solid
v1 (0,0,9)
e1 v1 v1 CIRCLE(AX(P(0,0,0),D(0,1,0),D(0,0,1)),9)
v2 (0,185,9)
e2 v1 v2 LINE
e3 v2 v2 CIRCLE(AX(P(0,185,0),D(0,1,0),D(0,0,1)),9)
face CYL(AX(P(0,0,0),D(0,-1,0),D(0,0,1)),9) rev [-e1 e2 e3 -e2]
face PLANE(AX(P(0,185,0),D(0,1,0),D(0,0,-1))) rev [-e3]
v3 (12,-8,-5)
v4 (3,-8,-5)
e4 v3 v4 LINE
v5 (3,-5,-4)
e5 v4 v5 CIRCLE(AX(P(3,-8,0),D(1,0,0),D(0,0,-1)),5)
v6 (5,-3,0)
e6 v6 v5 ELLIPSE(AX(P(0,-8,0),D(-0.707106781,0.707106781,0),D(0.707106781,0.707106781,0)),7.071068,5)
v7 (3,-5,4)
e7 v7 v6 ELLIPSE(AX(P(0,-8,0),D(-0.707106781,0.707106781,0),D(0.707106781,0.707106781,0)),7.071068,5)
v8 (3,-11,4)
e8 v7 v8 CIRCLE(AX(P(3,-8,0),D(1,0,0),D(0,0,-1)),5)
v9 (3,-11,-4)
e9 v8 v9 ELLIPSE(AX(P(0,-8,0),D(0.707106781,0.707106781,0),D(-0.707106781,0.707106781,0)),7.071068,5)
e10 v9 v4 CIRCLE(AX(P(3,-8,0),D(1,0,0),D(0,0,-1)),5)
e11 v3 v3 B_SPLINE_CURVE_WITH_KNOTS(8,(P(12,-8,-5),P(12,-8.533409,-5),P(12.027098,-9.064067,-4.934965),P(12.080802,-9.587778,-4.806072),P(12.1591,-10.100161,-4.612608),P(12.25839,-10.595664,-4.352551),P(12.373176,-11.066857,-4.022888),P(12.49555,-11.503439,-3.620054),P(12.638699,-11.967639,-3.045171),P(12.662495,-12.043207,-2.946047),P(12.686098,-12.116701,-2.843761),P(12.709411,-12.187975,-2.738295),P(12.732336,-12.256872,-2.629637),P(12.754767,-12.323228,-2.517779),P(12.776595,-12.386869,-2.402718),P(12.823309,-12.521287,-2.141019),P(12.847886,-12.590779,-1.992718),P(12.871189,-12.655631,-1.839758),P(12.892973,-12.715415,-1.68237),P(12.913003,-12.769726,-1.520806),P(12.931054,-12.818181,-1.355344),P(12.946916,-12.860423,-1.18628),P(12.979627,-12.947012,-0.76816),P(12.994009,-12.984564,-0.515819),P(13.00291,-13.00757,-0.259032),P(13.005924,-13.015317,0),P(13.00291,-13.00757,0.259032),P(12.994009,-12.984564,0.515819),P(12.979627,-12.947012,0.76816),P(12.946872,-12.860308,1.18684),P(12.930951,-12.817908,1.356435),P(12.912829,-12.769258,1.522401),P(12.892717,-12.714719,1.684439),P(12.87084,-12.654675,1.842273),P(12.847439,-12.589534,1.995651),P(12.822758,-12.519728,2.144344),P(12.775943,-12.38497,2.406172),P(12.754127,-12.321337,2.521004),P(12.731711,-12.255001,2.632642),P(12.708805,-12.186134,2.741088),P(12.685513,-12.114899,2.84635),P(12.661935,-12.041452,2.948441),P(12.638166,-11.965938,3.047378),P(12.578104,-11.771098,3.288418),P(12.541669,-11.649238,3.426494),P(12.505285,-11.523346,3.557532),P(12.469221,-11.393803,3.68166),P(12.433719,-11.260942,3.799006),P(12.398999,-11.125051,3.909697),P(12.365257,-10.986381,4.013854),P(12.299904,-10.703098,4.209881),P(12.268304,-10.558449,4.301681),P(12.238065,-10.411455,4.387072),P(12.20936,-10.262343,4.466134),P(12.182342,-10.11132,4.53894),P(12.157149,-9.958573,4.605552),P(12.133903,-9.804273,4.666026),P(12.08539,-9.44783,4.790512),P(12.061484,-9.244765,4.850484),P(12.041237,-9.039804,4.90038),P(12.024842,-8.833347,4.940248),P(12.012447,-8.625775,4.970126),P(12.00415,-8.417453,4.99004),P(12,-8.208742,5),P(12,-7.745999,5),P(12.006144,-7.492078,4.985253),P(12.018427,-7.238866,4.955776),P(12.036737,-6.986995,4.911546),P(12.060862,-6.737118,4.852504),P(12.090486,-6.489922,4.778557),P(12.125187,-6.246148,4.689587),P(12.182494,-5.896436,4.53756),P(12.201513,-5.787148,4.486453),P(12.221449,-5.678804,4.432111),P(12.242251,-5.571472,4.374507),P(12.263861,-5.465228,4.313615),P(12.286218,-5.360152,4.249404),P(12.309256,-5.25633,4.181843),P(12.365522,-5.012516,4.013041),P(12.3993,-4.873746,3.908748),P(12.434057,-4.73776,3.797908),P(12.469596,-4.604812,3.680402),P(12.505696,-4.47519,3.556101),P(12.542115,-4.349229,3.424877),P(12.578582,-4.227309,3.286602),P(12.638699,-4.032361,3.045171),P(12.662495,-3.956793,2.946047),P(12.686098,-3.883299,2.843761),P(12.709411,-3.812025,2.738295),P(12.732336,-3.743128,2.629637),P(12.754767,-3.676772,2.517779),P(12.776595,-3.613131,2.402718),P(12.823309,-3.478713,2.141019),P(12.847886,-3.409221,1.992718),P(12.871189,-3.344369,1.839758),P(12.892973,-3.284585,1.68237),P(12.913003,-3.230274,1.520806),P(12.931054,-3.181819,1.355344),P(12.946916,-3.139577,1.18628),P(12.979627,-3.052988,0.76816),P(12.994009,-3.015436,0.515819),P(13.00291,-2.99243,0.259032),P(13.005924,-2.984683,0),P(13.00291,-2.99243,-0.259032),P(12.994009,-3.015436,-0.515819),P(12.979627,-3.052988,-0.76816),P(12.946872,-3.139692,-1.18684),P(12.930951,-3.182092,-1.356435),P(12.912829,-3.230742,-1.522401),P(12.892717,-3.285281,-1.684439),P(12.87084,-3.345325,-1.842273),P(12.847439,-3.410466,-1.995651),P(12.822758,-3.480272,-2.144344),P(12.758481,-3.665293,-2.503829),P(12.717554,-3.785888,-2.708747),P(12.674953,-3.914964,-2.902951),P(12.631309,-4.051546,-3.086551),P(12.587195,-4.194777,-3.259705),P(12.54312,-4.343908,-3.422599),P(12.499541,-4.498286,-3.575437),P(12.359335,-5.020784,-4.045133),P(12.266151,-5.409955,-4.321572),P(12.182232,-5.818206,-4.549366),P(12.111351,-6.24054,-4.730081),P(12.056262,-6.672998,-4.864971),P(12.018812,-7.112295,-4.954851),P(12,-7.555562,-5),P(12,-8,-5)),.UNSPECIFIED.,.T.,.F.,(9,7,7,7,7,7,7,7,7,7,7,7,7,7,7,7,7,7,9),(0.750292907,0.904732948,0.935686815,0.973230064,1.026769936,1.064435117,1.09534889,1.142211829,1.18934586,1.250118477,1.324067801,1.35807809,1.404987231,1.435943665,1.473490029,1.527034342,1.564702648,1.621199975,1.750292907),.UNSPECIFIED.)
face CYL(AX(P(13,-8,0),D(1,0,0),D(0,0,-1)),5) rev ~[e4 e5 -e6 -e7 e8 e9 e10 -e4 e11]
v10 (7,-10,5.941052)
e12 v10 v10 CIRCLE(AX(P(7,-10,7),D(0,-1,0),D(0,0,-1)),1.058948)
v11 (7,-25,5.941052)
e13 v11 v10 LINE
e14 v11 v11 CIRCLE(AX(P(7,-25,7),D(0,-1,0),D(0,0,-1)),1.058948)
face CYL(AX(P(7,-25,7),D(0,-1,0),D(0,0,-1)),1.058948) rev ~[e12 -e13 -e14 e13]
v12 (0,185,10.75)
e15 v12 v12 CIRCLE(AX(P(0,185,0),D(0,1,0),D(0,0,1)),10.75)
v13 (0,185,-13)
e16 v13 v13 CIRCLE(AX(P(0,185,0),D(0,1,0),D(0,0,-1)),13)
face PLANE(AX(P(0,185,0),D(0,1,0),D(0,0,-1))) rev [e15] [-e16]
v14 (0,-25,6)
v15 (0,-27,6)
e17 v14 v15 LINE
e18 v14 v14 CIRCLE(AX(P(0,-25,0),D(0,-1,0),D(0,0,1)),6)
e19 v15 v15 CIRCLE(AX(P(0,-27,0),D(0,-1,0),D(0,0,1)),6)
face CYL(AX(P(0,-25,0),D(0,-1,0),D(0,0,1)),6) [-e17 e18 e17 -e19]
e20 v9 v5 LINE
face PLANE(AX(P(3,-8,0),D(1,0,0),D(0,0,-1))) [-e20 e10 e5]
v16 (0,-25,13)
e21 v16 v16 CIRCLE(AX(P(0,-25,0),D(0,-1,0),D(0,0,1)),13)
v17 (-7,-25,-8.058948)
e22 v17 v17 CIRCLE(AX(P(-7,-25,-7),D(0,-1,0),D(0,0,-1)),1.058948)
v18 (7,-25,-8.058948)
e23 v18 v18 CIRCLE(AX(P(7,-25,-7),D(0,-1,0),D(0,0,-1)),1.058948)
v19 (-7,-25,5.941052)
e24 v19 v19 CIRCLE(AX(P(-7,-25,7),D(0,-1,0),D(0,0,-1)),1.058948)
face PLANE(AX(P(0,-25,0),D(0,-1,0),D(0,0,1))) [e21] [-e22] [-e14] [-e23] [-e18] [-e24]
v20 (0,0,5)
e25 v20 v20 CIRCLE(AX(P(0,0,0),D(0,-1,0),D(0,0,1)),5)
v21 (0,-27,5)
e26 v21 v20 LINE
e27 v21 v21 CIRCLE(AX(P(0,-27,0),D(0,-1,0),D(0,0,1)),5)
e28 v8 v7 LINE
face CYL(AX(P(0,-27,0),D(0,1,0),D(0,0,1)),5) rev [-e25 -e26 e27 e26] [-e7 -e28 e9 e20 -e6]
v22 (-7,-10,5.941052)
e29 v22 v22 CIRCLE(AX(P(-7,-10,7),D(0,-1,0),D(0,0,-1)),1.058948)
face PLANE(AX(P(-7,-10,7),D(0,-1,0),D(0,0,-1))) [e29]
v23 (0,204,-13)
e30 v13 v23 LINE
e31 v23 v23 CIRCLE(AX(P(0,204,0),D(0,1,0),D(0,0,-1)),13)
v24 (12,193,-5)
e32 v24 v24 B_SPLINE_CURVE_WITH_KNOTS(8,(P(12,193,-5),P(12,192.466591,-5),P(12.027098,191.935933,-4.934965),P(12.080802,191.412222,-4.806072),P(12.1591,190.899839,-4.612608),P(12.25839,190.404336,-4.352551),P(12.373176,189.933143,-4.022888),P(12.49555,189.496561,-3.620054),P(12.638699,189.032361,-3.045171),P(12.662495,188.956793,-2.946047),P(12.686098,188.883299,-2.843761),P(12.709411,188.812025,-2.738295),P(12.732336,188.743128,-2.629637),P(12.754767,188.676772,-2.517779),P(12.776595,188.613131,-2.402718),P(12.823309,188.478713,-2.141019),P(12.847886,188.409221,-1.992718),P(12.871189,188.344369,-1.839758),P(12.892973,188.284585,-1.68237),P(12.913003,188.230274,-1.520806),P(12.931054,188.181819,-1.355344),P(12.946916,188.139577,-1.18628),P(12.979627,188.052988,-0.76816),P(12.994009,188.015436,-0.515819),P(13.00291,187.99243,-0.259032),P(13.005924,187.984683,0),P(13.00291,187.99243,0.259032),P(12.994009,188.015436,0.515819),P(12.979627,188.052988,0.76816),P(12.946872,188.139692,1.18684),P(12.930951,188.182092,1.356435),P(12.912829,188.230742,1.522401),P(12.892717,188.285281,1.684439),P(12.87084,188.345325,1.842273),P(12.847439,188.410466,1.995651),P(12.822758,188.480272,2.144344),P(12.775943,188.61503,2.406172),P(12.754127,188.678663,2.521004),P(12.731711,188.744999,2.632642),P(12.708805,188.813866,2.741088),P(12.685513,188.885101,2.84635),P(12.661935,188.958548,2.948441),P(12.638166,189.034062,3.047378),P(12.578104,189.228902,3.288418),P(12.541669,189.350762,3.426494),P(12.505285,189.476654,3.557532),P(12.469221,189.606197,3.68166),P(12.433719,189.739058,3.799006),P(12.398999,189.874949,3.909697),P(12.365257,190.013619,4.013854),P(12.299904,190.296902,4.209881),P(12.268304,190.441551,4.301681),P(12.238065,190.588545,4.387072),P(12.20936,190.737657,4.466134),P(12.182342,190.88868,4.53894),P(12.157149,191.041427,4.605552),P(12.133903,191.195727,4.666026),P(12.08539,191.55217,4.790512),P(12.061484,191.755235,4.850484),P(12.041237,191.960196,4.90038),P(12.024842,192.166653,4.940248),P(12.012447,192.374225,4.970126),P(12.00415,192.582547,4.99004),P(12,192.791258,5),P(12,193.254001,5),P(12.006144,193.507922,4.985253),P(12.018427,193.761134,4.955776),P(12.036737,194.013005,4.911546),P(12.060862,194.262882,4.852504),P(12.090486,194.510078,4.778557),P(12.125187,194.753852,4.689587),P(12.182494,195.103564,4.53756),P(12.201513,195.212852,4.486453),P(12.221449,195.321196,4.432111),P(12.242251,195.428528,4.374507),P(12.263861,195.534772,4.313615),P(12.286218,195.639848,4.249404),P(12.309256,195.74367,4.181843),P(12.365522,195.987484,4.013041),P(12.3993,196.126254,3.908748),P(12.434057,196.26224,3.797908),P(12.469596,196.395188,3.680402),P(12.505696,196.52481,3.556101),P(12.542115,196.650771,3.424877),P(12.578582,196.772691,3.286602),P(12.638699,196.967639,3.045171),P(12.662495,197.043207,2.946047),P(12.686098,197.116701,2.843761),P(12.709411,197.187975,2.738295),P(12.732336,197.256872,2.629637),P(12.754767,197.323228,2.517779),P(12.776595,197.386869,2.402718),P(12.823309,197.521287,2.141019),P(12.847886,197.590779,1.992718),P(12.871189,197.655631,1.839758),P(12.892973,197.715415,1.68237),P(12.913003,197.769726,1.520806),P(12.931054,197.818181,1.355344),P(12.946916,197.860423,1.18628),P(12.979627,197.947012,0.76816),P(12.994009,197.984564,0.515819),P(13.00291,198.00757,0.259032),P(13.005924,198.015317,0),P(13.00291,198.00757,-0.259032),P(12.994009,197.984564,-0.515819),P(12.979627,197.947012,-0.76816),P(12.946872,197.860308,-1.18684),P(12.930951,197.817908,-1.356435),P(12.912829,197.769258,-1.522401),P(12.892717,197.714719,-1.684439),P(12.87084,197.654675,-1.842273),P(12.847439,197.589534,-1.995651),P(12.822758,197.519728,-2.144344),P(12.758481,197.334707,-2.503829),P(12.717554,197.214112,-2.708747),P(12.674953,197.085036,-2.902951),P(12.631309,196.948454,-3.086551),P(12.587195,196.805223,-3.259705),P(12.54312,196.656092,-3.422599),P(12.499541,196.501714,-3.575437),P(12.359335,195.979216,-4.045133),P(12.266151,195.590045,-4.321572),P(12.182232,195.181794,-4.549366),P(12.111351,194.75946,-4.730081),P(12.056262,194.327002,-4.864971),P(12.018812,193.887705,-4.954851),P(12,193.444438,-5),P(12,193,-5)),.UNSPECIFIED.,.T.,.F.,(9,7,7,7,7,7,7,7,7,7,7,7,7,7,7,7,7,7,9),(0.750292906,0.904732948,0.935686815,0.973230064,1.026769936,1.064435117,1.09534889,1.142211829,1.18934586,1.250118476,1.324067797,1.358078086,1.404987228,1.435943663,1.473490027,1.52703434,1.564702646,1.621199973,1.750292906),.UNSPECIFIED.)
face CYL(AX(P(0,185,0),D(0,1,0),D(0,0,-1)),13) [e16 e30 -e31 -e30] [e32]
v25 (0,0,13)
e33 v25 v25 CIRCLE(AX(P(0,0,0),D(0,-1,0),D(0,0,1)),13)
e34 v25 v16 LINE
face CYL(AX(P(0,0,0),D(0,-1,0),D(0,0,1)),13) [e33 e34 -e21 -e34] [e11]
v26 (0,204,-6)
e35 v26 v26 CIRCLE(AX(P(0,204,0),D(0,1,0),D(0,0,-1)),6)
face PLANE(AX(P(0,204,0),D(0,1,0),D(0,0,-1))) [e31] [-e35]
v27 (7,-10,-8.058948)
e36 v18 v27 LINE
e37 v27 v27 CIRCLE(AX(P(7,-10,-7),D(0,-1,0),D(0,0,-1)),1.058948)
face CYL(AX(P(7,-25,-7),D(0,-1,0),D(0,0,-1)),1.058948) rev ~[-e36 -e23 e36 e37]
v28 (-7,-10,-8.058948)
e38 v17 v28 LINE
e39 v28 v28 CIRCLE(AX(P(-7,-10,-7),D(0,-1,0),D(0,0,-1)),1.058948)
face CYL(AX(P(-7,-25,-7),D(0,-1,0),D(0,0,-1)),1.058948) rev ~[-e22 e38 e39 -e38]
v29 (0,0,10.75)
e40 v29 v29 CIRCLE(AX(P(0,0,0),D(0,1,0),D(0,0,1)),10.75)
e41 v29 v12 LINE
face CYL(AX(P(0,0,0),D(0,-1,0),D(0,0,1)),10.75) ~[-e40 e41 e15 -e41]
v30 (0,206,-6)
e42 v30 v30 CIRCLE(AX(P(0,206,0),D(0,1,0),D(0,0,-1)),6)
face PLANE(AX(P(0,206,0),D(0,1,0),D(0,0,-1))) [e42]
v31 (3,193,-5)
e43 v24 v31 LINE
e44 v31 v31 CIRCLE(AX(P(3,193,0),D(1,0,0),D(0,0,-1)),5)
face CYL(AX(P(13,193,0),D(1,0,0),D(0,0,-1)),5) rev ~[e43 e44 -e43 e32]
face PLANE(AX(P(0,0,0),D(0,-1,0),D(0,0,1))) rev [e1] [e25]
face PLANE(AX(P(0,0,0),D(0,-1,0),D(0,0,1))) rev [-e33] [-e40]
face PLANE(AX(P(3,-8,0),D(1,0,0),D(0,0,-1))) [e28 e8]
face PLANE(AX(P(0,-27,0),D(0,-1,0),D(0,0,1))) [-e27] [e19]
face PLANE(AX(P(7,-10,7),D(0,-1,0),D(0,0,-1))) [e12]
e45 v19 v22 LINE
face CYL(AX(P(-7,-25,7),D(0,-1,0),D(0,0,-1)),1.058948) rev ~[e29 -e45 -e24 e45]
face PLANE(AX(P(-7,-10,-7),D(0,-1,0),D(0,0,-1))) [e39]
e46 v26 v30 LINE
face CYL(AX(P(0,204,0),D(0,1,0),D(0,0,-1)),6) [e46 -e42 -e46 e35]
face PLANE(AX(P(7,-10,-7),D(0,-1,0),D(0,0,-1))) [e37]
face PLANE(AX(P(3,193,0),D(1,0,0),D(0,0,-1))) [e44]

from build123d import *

# Parameters (mm, degrees)
SKETCH_1_R          = 10.75
SKETCH_1_R_2        = 9
EXTRUDE_1_DEPTH     = 185
SKETCH_5_R          = 5
CUT_EXTRUDE_2_DEPTH = 10
SKETCH_6_R          = 1.058948346
CUT_EXTRUDE_3_DEPTH = 15


with BuildPart() as part:
    # 草图1 → 拉伸1 (new body)
    with BuildSketch(Plane(origin=(0, 0, 0), x_dir=(1, 0, 0), z_dir=(0, 1, 0))):
        with Locations(Location((0, 0, 0), (0, 0, 270))):
            Circle(SKETCH_1_R)
        with Locations(Location((0, 0, 0), (0, 0, 270))):
            Circle(SKETCH_1_R_2, mode=Mode.SUBTRACT)
    extrude(amount=EXTRUDE_1_DEPTH)

    # 草图3 → 旋转1 (revolve)
    with BuildSketch(Plane(origin=(0, 0, 0), x_dir=(0, 0, -1), z_dir=(1, 0, 0)), mode=Mode.PRIVATE) as revolve_1_sk:
        Polygon((0, 185), (-13, 185), (-13, 204), (-6, 204), (-6, 206), (0, 206), align=None)
    revolve(revolve_1_sk.sketch.rotate(Axis((0, 185, 0), (0, 1, 0)), 180), axis=Axis((0, 185, 0), (0, 1, 0)))

    # 草图4 → 旋转2 (revolve)
    with BuildSketch(Plane(origin=(0, 0, 0), x_dir=(0, 0, -1), z_dir=(1, 0, 0)), mode=Mode.PRIVATE) as revolve_2_sk:
        Polygon((5, 0), (13, 0), (13, -25), (6, -25), (6, -27), (5, -27), align=None)
    revolve(revolve_2_sk.sketch.rotate(Axis((0, 0, 0), (0, -1, 0)), 180), axis=Axis((0, 0, 0), (0, -1, 0)))

    # 草图5 → 拉伸2 (cut)
    with BuildSketch(Plane(origin=(13, 0, 0), x_dir=(0, 0, -1), z_dir=(1, 0, 0))):
        with Locations((0, 193)):
            Circle(SKETCH_5_R)
        with Locations((0, -8)):
            Circle(SKETCH_5_R)
    extrude(amount=-CUT_EXTRUDE_2_DEPTH, mode=Mode.SUBTRACT)

    # 草图6 → 拉伸3 (cut)
    with BuildSketch(Plane.XZ.offset(25)):
        with Locations(Location((7, 7, 0), (0, 0, 270))):
            Circle(SKETCH_6_R)
        with Locations(Location((-7, 7, 0), (0, 0, 270))):
            Circle(SKETCH_6_R)
        with Locations(Location((-7, -7, 0), (0, 0, 270))):
            Circle(SKETCH_6_R)
        with Locations(Location((7, -7, 0), (0, 0, 270))):
            Circle(SKETCH_6_R)
    extrude(amount=-CUT_EXTRUDE_3_DEPTH, mode=Mode.SUBTRACT)


solid = part.part
